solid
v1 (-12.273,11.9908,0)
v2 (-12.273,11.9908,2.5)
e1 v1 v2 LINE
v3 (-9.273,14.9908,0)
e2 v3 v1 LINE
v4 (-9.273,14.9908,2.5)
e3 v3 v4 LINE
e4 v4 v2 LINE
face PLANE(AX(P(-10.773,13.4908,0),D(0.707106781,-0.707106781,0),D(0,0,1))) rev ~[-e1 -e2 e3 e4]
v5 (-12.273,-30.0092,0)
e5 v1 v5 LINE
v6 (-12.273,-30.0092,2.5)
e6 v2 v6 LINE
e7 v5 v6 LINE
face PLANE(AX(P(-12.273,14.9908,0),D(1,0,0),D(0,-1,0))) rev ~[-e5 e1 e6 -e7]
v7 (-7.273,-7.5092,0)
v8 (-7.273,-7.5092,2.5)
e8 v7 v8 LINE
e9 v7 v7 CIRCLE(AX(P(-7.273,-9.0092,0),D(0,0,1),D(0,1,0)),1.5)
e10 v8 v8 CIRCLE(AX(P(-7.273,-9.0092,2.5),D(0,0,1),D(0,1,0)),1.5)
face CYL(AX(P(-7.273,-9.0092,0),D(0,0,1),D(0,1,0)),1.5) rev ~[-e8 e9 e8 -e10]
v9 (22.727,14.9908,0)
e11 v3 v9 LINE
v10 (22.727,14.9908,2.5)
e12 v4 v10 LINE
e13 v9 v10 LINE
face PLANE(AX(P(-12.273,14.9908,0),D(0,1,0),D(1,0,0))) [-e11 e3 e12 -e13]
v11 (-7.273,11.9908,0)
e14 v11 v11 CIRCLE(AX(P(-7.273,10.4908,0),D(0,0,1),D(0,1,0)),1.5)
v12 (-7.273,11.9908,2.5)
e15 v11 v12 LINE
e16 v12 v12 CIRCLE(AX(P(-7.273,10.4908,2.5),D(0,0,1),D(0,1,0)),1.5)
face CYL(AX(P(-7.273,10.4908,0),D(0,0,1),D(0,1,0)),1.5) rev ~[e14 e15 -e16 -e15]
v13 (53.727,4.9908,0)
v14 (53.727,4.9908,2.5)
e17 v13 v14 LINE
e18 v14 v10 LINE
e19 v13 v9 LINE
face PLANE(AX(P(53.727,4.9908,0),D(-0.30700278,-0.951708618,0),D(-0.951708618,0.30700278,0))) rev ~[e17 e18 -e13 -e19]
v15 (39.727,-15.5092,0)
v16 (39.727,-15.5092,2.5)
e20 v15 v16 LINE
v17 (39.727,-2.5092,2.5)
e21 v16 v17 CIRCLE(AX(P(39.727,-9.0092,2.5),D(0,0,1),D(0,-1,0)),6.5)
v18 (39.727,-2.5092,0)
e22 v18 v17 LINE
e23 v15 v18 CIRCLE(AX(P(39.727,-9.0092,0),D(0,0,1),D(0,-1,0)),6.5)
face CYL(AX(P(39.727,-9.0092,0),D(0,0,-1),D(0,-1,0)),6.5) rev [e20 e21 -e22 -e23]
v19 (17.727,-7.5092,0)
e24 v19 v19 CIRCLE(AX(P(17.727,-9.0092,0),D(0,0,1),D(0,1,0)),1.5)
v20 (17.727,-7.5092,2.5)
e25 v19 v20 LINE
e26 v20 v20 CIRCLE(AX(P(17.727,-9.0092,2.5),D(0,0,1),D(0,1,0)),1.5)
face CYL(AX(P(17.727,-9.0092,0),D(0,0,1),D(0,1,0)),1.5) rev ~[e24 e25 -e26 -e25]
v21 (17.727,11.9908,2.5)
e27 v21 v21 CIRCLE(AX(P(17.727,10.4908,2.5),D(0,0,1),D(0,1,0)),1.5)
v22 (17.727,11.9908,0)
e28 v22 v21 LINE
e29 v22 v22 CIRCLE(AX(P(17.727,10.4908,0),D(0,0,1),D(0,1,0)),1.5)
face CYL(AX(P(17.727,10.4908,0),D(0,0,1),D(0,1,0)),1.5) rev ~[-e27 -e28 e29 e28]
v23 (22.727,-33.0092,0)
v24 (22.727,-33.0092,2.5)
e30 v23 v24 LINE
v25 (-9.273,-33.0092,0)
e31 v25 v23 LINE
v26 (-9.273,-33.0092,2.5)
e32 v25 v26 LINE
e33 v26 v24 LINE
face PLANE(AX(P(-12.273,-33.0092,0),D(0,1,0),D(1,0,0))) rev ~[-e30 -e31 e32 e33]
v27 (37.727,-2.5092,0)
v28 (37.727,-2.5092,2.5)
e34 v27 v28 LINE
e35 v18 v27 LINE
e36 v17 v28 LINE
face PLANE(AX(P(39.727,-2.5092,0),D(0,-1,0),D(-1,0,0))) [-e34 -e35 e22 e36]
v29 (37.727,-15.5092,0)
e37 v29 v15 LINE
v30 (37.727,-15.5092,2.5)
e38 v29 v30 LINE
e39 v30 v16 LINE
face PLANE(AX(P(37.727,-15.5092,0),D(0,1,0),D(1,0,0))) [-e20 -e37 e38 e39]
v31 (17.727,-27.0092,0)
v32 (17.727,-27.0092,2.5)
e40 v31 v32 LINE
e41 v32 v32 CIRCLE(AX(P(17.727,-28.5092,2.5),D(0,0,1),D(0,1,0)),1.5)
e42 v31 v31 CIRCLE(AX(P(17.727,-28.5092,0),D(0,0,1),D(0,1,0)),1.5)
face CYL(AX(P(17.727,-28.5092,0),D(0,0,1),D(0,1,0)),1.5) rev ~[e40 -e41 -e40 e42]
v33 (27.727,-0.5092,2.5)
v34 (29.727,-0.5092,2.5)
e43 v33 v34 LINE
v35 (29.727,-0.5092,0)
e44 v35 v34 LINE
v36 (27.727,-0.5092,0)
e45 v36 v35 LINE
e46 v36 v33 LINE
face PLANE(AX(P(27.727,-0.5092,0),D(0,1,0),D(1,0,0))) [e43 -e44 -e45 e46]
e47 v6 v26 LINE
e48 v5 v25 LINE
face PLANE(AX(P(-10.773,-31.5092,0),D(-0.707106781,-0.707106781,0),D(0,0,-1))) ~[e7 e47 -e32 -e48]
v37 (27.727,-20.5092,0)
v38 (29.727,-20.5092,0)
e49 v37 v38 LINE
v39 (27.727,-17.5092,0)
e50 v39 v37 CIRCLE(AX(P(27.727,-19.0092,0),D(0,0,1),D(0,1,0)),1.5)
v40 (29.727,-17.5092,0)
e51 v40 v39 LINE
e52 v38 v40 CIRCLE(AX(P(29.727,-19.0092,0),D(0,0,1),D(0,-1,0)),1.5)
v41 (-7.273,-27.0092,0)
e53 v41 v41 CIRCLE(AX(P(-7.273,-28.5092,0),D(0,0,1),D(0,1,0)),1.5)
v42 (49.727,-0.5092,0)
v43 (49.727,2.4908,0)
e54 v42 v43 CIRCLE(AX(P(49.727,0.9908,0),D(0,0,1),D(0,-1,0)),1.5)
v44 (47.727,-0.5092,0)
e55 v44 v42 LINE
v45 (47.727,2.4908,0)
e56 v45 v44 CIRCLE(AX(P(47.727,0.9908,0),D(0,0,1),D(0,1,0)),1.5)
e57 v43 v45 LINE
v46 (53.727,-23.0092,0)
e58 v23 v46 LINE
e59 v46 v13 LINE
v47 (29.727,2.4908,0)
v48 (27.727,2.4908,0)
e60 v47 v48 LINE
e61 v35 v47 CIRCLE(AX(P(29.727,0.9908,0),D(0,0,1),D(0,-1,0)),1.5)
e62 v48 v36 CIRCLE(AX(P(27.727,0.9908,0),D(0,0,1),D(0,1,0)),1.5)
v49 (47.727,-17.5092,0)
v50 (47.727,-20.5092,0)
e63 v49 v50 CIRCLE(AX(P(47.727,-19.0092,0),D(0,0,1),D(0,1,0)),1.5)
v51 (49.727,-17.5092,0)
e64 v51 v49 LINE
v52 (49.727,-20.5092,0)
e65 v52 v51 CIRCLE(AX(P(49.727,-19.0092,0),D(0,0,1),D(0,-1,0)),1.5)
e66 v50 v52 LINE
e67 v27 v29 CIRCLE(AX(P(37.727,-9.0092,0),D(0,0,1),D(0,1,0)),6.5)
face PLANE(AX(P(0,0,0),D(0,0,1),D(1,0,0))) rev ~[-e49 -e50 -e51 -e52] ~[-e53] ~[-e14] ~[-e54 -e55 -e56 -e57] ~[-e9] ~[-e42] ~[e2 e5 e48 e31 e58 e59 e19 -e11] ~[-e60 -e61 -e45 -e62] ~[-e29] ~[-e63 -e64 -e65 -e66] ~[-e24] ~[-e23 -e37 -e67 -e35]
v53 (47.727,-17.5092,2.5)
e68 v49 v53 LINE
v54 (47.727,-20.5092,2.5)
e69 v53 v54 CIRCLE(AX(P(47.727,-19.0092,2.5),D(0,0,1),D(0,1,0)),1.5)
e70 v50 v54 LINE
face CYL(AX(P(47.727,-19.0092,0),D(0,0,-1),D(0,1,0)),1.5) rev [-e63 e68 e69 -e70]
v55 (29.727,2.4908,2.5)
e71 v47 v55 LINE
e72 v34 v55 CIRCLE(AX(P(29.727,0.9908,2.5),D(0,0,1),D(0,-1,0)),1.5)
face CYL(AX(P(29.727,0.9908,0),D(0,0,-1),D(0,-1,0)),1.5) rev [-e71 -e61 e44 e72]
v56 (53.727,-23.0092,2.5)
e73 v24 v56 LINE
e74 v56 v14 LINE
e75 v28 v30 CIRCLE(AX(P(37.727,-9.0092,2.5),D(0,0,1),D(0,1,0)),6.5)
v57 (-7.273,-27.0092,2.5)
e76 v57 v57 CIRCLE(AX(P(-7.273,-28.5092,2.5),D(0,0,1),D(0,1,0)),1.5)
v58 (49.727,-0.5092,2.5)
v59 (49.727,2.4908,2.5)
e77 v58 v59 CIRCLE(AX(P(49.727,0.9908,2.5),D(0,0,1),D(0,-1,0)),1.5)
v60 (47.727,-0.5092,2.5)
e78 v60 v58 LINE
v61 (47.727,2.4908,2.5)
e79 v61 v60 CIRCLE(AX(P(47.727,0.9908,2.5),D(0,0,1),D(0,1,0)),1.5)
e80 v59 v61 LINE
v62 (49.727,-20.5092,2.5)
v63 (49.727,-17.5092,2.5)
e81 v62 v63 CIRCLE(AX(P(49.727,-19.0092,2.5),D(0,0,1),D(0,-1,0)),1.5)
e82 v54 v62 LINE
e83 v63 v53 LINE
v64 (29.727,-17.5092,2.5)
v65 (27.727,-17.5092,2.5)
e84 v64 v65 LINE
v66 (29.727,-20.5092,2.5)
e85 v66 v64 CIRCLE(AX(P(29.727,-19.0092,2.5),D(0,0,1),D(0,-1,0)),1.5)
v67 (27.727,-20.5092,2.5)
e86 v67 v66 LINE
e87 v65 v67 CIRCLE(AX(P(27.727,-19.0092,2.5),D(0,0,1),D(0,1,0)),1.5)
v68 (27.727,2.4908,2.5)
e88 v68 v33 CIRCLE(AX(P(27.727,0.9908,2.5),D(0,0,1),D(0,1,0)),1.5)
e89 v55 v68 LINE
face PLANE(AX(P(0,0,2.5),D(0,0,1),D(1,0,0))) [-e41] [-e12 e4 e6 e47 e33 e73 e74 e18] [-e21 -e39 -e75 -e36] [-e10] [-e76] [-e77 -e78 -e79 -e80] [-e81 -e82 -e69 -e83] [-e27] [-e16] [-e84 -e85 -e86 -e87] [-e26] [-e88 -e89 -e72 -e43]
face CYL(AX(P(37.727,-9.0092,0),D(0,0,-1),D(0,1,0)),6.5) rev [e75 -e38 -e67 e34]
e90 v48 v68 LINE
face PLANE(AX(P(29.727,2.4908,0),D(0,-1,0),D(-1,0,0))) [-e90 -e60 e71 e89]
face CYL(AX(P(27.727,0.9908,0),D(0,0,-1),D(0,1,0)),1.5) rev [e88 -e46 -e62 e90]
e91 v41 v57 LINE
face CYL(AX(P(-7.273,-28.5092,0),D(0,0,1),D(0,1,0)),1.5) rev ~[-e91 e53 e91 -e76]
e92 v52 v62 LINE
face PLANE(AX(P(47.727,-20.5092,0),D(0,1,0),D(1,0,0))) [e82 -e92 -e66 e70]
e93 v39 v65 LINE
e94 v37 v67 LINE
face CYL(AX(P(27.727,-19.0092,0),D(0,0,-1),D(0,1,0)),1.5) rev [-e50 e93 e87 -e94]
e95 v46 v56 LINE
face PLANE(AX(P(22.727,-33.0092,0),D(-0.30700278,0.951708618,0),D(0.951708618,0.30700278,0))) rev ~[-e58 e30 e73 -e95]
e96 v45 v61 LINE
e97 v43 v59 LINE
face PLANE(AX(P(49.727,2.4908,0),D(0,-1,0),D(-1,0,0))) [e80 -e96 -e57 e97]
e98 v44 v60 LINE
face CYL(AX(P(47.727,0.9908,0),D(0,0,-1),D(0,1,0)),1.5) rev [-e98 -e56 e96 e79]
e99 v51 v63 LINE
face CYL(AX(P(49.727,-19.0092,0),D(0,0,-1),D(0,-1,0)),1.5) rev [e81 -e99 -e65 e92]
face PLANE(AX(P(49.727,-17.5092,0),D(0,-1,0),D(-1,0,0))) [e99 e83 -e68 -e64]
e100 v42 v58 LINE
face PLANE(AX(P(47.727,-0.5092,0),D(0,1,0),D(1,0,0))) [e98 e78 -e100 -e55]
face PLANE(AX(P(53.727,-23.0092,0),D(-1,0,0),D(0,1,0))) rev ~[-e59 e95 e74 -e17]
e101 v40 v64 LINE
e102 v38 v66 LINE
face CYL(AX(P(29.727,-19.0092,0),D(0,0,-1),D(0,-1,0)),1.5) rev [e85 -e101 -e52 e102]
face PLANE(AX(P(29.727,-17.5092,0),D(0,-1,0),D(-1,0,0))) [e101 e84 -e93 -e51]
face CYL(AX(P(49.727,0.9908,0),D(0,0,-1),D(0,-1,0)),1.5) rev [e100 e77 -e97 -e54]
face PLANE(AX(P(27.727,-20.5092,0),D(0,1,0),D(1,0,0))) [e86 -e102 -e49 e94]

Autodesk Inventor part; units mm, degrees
ref_plane "YZ Plane" through (0, 0, 0) normal (1, 0, 0) x (0, 1, 0)
ref_plane "XZ Plane" through (0, 0, 0) normal (0, 1, 0) x (-1, 0, 0)
ref_plane "XY Plane" through (0, 0, 0) normal (0, 0, 1) x (1, 0, 0)
sketch "Sketch1" plane through (0, 0, 0) normal (0, 0, 1) x (1, 0, 0)
  line L0 (-12.273, 14.9908) -> (-12.273, -33.0092)
  line L1 (-12.273, -33.0092) -> (22.727, -33.0092)
  line L2 (53.727, -23.0092) -> (53.727, 4.9908)
  line L3 (-12.273, 14.9908) -> (22.727, 14.9908)
  line L4 (22.727, 14.9908) -> (22.727, 4.9908)
  line L5 (22.727, 4.9908) -> (53.727, 4.9908)
  line L6 (22.727, 4.9908) -> (22.727, -33.0092)
  line L7 (53.727, -23.0092) -> (22.727, -23.0092)
  line L8 (22.727, -33.0092) -> (53.727, -23.0092)
  line L9 (53.727, 4.9908) -> (22.727, 14.9908)
  line L10 (29.727, 0.9908) -> (27.727, 0.9908) construction
  line L11 (29.727, 2.4908) -> (27.727, 2.4908)
  line L12 (27.727, -0.5092) -> (29.727, -0.5092)
  arc A0 (29.727, -0.5092) -> (29.727, 2.4908) centre (29.727, 0.9908) ccw
  arc A1 (27.727, 2.4908) -> (27.727, -0.5092) centre (27.727, 0.9908) ccw
  line L13 (49.727, 0.9908) -> (47.727, 0.9908) construction
  line L14 (49.727, 2.4908) -> (47.727, 2.4908)
  line L15 (47.727, -0.5092) -> (49.727, -0.5092)
  arc A2 (49.727, -0.5092) -> (49.727, 2.4908) centre (49.727, 0.9908) ccw
  arc A3 (47.727, 2.4908) -> (47.727, -0.5092) centre (47.727, 0.9908) ccw
  line L16 (29.727, -19.0092) -> (27.727, -19.0092) construction
  line L17 (29.727, -17.5092) -> (27.727, -17.5092)
  line L18 (27.727, -20.5092) -> (29.727, -20.5092)
  arc A4 (29.727, -20.5092) -> (29.727, -17.5092) centre (29.727, -19.0092) ccw
  arc A5 (27.727, -17.5092) -> (27.727, -20.5092) centre (27.727, -19.0092) ccw
  line L19 (49.727, -19.0092) -> (47.727, -19.0092) construction
  line L20 (49.727, -17.5092) -> (47.727, -17.5092)
  line L21 (47.727, -20.5092) -> (49.727, -20.5092)
  arc A6 (49.727, -20.5092) -> (49.727, -17.5092) centre (49.727, -19.0092) ccw
  arc A7 (47.727, -17.5092) -> (47.727, -20.5092) centre (47.727, -19.0092) ccw
  line L22 (39.727, -9.0092) -> (37.727, -9.0092) construction
  line L23 (39.727, -2.5092) -> (37.727, -2.5092)
  line L24 (37.727, -15.5092) -> (39.727, -15.5092)
  arc A8 (39.727, -15.5092) -> (39.727, -2.5092) centre (39.727, -9.0092) ccw
  arc A9 (37.727, -2.5092) -> (37.727, -15.5092) centre (37.727, -9.0092) ccw
  point P0 (0, 0)
  point P1 (-7.273, 10.4908)
  point P2 (-7.273, -9.0092)
  point P3 (-7.273, -28.5092)
  point P4 (17.727, 10.4908)
  point P5 (17.727, -9.0092)
  point P6 (17.727, -28.5092)
  point P7 (28.727, 0.9908)
  point P8 (48.727, 0.9908)
  point P9 (28.727, -19.0092)
  point P10 (48.727, -19.0092)
  point P11 (38.727, -9.0092)
  dimension "d0" = 48
  dimension "d2" = 28
  dimension "d3" = 35
  dimension "d4" = 5
  dimension "d5" = 5
  dimension "d6" = 4.5
  dimension "d7" = 4.5
  dimension "d8" = 24
  dimension "d9" = 20
  dimension "d10" = 20
  dimension "d13" = 10
  dimension "d14" = 10
  dimension "d44" = 4
  dimension "d45" = 66
  dimension "d46" = 4
  dimension "d47" = 10
  dimension "d53" = 31
  dimension "d54" = 2
  dimension "d55" = 3
  dimension "d56" = 2
  dimension "d57" = 3
  dimension "d58" = 2
  dimension "d59" = 3
  dimension "d60" = 2
  dimension "d61" = 3
  dimension "d62" = 2
  dimension "d63" = 13
extrude "Extrusion1" add sketch "Sketch1" along normal blind 2.5
hole "Hole1" at (-7.273, 10.4908, 0) at (-7.273, -9.0092, 0) at (-7.273, -28.5092, 0) at (17.727, 10.4908, 0) at (17.727, -9.0092, 0) at (17.727, -28.5092, 0) direction (0, 0, 1) diameter 3 end through all
chamfer "Chamfer3" distance 3 angle 45 2 edges at (-12.273, -33.0092, 1.25) (-12.273, 14.9908, 1.25)
equation "\"d5\" = d4"
equation "\"d10\" = d9"
equation "\"d13\" = 0.5 * d9"
equation "\"d14\" = d13"
equation "\"d44\" = d46"
equation "\"d46\" = -0.5 * d9 + 0.5 * d2"
equation "\"d47\" = -0.5 * d2 + 0.5 * d0"
properties part number "LC_ALU_3mm_X_axis_belt_idler_mount_plate" material "Aluminum 6061-AHC"
